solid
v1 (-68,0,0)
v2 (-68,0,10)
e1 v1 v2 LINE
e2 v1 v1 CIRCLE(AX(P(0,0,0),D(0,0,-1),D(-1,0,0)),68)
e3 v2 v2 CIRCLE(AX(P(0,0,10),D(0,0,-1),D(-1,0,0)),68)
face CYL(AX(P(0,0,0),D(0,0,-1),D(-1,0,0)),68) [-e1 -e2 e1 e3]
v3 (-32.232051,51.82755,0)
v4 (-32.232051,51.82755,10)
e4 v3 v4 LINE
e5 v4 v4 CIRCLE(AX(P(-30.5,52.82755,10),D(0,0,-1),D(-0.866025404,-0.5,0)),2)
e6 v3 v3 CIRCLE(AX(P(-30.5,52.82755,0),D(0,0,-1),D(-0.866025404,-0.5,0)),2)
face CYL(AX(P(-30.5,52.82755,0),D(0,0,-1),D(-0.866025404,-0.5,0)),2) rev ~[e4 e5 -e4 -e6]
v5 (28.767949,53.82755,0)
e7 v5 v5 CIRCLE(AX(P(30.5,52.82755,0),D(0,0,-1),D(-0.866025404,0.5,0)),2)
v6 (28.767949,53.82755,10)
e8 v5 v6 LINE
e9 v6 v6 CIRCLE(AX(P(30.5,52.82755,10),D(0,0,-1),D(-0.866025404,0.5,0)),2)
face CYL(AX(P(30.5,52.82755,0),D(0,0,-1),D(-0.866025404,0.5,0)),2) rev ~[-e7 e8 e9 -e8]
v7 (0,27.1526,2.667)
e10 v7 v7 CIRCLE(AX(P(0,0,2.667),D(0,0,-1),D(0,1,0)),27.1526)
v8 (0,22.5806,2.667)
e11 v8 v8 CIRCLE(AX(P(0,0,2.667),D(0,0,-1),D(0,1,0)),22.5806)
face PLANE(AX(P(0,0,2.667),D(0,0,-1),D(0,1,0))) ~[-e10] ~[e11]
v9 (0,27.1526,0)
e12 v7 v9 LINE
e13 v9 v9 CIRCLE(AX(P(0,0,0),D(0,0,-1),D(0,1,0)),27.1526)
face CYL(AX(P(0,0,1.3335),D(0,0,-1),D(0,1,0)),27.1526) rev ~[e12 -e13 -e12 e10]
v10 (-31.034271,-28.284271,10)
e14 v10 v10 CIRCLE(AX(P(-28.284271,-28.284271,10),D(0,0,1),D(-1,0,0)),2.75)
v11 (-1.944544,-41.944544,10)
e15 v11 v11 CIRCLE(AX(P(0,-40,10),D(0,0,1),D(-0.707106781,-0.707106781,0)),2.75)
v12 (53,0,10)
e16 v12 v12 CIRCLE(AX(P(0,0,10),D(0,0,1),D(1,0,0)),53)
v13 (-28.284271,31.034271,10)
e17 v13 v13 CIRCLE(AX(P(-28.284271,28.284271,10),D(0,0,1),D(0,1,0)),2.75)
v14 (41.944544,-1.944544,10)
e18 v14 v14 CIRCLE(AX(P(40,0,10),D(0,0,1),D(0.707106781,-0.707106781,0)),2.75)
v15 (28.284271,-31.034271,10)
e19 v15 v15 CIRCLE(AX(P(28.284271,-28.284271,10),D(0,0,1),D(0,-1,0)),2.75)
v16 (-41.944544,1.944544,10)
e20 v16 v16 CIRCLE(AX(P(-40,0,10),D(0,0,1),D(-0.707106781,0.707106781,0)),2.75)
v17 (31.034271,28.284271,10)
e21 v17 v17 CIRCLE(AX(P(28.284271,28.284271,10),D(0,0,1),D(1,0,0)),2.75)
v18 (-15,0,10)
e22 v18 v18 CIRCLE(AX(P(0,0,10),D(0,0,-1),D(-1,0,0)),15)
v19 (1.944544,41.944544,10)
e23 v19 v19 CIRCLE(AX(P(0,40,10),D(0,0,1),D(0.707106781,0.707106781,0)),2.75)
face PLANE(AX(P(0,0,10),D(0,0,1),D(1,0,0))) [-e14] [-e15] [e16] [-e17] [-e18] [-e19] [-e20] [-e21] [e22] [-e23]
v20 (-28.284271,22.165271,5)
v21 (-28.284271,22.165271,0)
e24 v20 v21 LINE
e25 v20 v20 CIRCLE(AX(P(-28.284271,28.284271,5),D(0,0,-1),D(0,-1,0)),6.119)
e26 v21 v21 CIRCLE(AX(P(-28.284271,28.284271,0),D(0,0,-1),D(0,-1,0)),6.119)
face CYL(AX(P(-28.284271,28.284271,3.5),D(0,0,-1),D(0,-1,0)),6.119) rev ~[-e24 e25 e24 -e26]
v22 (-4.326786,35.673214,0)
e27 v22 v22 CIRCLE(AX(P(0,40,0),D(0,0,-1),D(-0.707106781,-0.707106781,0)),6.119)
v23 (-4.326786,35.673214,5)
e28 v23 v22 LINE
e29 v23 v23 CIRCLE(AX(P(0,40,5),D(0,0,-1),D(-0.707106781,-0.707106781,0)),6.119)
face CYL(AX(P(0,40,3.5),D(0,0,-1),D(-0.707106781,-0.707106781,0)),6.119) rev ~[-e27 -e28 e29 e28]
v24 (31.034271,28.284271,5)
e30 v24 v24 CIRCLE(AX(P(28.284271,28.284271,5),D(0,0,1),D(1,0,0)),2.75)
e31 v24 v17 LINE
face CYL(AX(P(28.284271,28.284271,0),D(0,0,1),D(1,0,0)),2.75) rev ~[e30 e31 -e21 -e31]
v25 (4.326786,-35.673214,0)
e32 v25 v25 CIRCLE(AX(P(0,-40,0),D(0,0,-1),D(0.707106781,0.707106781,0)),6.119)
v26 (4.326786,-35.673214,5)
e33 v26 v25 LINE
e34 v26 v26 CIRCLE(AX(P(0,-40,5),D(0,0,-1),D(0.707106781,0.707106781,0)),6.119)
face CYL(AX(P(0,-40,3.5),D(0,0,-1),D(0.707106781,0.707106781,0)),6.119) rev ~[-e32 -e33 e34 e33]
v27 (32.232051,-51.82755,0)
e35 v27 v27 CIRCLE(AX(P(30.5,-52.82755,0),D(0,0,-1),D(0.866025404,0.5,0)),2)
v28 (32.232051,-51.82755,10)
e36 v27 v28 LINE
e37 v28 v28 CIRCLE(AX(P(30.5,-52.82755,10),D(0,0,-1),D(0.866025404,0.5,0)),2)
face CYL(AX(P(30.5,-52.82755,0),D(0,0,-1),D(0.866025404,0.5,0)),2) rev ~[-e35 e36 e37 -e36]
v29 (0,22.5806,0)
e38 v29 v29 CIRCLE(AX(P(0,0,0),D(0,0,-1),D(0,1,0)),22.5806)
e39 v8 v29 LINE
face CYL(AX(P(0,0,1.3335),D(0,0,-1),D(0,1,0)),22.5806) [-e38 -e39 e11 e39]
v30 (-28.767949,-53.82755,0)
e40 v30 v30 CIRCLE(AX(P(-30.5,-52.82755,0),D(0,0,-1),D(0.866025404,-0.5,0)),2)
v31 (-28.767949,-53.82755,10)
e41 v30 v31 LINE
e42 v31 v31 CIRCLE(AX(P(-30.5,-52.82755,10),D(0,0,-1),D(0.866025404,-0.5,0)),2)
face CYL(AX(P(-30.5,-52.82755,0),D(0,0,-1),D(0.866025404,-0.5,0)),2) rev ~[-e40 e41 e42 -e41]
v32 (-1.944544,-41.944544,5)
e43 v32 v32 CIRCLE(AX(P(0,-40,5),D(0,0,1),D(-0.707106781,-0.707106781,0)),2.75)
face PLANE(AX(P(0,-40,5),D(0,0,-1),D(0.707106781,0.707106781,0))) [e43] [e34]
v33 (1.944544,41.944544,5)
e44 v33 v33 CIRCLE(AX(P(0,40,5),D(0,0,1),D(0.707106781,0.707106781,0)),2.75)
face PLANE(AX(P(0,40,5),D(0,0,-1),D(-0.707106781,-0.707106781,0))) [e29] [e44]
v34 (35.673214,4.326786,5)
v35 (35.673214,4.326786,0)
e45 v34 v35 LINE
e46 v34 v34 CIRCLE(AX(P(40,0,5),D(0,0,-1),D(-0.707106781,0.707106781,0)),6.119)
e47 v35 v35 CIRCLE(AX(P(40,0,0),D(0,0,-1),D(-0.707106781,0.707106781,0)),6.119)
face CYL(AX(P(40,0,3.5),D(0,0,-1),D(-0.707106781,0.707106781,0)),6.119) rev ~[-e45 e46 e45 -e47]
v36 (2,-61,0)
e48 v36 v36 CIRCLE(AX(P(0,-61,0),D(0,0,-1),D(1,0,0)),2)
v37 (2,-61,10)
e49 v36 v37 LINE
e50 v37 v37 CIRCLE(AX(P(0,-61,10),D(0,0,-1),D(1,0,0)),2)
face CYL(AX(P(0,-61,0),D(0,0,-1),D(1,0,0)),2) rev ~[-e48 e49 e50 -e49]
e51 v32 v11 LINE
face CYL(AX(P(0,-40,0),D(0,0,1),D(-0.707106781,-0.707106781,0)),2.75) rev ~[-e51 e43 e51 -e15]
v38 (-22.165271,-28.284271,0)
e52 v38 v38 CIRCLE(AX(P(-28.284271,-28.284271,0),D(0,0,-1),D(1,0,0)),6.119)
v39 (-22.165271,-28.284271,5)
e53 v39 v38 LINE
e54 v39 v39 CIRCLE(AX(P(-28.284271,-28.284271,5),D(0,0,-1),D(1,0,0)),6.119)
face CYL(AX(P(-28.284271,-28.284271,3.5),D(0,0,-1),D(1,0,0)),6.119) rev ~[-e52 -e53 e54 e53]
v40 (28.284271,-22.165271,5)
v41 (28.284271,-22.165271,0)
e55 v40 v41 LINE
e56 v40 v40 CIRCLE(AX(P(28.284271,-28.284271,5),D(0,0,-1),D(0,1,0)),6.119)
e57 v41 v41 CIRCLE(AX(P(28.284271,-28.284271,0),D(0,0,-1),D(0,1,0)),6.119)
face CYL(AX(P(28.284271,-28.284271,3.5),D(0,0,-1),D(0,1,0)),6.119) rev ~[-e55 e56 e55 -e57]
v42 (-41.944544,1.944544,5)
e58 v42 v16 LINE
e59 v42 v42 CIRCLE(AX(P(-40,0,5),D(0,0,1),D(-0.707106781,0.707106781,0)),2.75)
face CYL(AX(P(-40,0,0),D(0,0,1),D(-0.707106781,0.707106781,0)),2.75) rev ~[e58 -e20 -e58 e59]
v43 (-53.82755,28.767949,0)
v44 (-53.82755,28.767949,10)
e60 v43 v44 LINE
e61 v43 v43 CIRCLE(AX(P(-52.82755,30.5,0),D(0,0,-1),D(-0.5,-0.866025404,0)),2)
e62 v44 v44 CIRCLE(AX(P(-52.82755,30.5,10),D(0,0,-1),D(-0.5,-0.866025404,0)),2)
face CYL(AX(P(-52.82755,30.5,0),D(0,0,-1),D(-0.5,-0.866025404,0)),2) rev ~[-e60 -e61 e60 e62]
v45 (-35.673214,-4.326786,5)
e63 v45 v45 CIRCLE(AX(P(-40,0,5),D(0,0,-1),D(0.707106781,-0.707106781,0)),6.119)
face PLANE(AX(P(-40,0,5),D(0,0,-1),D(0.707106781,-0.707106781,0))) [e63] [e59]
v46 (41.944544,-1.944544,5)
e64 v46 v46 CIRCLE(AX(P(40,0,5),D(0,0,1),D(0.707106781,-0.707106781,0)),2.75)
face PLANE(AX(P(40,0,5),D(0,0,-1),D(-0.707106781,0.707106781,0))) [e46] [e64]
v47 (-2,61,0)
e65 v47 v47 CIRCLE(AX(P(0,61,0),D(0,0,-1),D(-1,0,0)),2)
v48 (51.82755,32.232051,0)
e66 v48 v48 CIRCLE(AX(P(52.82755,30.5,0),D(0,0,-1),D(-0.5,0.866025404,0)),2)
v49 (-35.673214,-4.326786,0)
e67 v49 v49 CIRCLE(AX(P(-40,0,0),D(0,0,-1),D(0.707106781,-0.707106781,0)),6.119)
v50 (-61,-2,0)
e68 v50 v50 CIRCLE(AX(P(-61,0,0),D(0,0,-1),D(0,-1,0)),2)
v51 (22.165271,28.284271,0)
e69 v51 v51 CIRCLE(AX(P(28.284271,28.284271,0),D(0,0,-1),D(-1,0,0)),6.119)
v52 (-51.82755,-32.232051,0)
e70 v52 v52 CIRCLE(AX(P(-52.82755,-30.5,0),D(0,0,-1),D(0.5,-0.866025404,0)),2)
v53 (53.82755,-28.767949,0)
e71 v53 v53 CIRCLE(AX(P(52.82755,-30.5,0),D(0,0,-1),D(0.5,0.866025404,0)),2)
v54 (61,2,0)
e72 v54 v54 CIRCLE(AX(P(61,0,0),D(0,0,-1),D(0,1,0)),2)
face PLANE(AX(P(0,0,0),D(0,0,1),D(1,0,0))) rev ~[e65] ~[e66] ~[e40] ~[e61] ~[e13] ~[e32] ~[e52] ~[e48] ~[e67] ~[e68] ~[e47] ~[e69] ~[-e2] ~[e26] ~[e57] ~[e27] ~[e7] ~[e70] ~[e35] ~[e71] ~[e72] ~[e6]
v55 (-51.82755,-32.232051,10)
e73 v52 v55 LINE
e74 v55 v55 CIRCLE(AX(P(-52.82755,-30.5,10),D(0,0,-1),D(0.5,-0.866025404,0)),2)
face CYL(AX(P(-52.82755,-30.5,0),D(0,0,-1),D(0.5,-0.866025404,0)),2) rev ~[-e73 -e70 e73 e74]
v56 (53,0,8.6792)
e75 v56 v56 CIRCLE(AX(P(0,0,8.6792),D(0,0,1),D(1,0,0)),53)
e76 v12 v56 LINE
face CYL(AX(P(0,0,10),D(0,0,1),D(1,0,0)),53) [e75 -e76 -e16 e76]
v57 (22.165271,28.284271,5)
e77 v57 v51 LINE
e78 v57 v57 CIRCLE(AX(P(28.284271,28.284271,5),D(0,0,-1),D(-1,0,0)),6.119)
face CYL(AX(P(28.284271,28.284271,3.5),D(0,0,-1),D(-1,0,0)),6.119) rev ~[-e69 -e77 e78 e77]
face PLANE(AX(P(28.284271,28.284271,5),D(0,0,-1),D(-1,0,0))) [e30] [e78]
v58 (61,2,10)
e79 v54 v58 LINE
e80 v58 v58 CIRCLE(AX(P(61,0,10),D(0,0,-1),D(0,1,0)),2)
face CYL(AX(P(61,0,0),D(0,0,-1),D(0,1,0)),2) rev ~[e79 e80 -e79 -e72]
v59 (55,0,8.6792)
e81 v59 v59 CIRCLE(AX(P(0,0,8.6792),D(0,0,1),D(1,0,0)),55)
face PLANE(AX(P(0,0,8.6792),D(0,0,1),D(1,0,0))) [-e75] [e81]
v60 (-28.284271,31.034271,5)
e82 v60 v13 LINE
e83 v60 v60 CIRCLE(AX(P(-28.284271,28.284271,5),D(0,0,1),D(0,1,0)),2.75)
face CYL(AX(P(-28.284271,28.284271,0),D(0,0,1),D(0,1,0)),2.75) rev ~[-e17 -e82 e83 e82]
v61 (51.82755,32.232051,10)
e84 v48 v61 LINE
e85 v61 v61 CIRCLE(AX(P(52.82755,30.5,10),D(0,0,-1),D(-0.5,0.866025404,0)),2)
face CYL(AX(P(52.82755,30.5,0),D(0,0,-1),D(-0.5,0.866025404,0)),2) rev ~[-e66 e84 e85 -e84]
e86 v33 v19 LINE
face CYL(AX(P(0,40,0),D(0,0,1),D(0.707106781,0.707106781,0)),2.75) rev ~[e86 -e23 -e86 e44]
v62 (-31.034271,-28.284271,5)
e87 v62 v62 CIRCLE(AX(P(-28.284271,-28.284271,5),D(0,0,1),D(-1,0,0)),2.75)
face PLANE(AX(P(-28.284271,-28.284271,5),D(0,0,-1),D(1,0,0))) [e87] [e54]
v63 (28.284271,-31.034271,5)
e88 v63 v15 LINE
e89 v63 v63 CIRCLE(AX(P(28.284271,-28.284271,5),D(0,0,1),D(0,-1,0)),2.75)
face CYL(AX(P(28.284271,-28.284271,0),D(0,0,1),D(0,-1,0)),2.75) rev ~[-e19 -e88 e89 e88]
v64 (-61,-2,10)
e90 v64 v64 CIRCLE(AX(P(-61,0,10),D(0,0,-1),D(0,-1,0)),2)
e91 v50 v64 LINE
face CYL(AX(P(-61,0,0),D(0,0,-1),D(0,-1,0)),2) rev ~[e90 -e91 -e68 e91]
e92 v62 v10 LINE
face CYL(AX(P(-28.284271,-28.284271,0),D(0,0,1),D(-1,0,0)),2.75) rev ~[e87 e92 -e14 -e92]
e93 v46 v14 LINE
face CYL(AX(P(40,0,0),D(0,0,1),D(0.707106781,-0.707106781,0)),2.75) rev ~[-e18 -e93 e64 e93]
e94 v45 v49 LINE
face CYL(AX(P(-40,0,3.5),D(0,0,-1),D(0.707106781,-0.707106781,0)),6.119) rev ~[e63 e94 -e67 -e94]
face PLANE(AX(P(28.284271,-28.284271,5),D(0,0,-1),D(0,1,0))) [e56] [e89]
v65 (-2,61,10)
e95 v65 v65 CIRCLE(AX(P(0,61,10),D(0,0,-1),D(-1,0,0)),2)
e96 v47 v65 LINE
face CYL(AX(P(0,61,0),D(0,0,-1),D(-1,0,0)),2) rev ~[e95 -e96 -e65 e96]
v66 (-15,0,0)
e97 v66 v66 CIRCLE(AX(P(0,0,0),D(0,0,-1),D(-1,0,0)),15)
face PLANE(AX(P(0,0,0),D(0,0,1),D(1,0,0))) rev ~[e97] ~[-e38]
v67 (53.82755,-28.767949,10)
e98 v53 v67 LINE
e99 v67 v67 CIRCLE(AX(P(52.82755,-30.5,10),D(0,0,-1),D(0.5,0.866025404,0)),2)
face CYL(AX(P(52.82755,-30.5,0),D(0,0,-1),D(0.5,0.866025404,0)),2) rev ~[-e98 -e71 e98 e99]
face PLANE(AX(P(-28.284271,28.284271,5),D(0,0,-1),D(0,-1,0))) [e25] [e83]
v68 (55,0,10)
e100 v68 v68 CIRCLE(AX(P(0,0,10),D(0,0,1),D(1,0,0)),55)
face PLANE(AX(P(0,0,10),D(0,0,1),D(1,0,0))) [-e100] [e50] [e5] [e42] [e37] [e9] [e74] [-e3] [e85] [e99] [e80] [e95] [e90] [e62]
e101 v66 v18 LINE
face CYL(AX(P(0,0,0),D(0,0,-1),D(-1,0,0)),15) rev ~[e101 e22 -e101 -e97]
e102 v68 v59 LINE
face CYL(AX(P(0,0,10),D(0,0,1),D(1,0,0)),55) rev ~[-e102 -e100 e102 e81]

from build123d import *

# Parameters (mm, degrees)
SKETCH1_R                               = 75
BOSS_EXTRUDE1_DEPTH                     = 10
SKETCH3_R                               = 4.5
CUT_EXTRUDE2_DEPTH                      = 10
SKETCH5_W                               = 2.667
SKETCH5_H                               = 4.572
SKETCH6_R                               = 55
SKETCH6_R_2                             = 53
CUT_EXTRUDE3_DEPTH                      = 1.3208
SKETCH10_R                              = 2
CUT_EXTRUDE6_DEPTH                      = 11
CBORE_FOR_M5_HEX_HEAD_BOLT1_D           = 5.5
CBORE_FOR_M5_HEX_HEAD_BOLT1_CBORE_D     = 12.238
CBORE_FOR_M5_HEX_HEAD_BOLT1_CBORE_DEPTH = 3.5
SKETCH16_R                              = 75
SKETCH16_R_2                            = 68
CUT_EXTRUDE10_DEPTH                     = 10
CIRPATTERN1_COUNT                       = 12
CIRPATTERN2_COUNT                       = 8
SKETCH17_R                              = 6.119
CUT_EXTRUDE11_DEPTH                     = 5
CIRPATTERN3_COUNT                       = 8
SKETCH18_R                              = 15
CUT_EXTRUDE12_DEPTH                     = 10


with BuildPart() as part:
    # Sketch1 → Boss-Extrude1 (new body)
    with BuildSketch(Plane.XY):
        Circle(SKETCH1_R)
    extrude(amount=BOSS_EXTRUDE1_DEPTH)

    # Sketch3 → Cut-Extrude2 (cut)
    with BuildSketch(Plane.XY.offset(10)):
        Circle(SKETCH3_R)
    extrude(amount=-CUT_EXTRUDE2_DEPTH, mode=Mode.SUBTRACT)

    # Sketch5 → Cut-Revolve1 (revolve, cut)
    with BuildSketch(Plane(origin=(0, 0, 0), x_dir=(0, 0, -1), z_dir=(1, 0, 0))):
        with Locations((-1.3335, 24.8666)):
            Rectangle(SKETCH5_W, SKETCH5_H)
    revolve(axis=Axis((0, 0, 0), (0, 0, -1)), mode=Mode.SUBTRACT)

    # Sketch6 → Cut-Extrude3 (cut)
    with BuildSketch(Plane.XY.offset(10)):
        Circle(SKETCH6_R)
        Circle(SKETCH6_R_2, mode=Mode.SUBTRACT)
    extrude(amount=-CUT_EXTRUDE3_DEPTH, mode=Mode.SUBTRACT)

    # Sketch10 → Cut-Extrude6 (cut, through all)
    with BuildSketch(Plane(origin=(0, 0, 0), x_dir=(-1, 0, 0), z_dir=(0, 0, -1))):
        with Locations((0, 61)):
            Circle(SKETCH10_R)
    cut_extrude6 = extrude(amount=-CUT_EXTRUDE6_DEPTH, mode=Mode.SUBTRACT)

    # CBORE for M5 Hex Head Bolt1 (through all)
    with Locations(Plane(origin=(0, 0, 0), x_dir=(-1, 0, 0), z_dir=(0, 0, -1))):
        with Locations((-28.284271247, 28.284271247)):
            cbore_for_m5_hex_head_bolt1 = CounterBoreHole(CBORE_FOR_M5_HEX_HEAD_BOLT1_D / 2, CBORE_FOR_M5_HEX_HEAD_BOLT1_CBORE_D / 2, CBORE_FOR_M5_HEX_HEAD_BOLT1_CBORE_DEPTH)

    # Sketch16 → Cut-Extrude10 (cut)
    with BuildSketch(Plane(origin=(0, 0, 0), x_dir=(-1, 0, 0), z_dir=(0, 0, -1))):
        Circle(SKETCH16_R)
        Circle(SKETCH16_R_2, mode=Mode.SUBTRACT)
    extrude(amount=-CUT_EXTRUDE10_DEPTH, mode=Mode.SUBTRACT)

    # CirPattern1: Cut-Extrude6 ×12 about axis
    cirpattern1_axis = Axis((0, 0, 0), (0, 0, 1))
    for i in range(1, CIRPATTERN1_COUNT):
        add(cut_extrude6.rotate(cirpattern1_axis, i * 360 / CIRPATTERN1_COUNT), mode=Mode.SUBTRACT)

    # CirPattern2: CBORE for M5 Hex Head Bolt1 ×8 about axis
    cirpattern2_axis = Axis((0, 0, 0), (0, 0, 1))
    for i in range(1, CIRPATTERN2_COUNT):
        add(cbore_for_m5_hex_head_bolt1.rotate(cirpattern2_axis, i * 360 / CIRPATTERN2_COUNT), mode=Mode.SUBTRACT)

    # Sketch17 → Cut-Extrude11 (cut)
    with BuildSketch(Plane(origin=(0, 0, 0), x_dir=(-1, 0, 0), z_dir=(0, 0, -1))):
        with Locations((-28.284271247, 28.284271247)):
            Circle(SKETCH17_R)
    cut_extrude11 = extrude(amount=-CUT_EXTRUDE11_DEPTH, mode=Mode.SUBTRACT)

    # CirPattern3: Cut-Extrude11 ×8 about axis
    cirpattern3_axis = Axis((0, 0, 0), (0, 0, -1))
    for i in range(1, CIRPATTERN3_COUNT):
        add(cut_extrude11.rotate(cirpattern3_axis, i * 360 / CIRPATTERN3_COUNT), mode=Mode.SUBTRACT)

    # Sketch18 → Cut-Extrude12 (cut)
    with BuildSketch(Plane(origin=(0, 0, 0), x_dir=(-1, 0, 0), z_dir=(0, 0, -1))):
        Circle(SKETCH18_R)
    extrude(amount=-CUT_EXTRUDE12_DEPTH, mode=Mode.SUBTRACT)


solid = part.part
